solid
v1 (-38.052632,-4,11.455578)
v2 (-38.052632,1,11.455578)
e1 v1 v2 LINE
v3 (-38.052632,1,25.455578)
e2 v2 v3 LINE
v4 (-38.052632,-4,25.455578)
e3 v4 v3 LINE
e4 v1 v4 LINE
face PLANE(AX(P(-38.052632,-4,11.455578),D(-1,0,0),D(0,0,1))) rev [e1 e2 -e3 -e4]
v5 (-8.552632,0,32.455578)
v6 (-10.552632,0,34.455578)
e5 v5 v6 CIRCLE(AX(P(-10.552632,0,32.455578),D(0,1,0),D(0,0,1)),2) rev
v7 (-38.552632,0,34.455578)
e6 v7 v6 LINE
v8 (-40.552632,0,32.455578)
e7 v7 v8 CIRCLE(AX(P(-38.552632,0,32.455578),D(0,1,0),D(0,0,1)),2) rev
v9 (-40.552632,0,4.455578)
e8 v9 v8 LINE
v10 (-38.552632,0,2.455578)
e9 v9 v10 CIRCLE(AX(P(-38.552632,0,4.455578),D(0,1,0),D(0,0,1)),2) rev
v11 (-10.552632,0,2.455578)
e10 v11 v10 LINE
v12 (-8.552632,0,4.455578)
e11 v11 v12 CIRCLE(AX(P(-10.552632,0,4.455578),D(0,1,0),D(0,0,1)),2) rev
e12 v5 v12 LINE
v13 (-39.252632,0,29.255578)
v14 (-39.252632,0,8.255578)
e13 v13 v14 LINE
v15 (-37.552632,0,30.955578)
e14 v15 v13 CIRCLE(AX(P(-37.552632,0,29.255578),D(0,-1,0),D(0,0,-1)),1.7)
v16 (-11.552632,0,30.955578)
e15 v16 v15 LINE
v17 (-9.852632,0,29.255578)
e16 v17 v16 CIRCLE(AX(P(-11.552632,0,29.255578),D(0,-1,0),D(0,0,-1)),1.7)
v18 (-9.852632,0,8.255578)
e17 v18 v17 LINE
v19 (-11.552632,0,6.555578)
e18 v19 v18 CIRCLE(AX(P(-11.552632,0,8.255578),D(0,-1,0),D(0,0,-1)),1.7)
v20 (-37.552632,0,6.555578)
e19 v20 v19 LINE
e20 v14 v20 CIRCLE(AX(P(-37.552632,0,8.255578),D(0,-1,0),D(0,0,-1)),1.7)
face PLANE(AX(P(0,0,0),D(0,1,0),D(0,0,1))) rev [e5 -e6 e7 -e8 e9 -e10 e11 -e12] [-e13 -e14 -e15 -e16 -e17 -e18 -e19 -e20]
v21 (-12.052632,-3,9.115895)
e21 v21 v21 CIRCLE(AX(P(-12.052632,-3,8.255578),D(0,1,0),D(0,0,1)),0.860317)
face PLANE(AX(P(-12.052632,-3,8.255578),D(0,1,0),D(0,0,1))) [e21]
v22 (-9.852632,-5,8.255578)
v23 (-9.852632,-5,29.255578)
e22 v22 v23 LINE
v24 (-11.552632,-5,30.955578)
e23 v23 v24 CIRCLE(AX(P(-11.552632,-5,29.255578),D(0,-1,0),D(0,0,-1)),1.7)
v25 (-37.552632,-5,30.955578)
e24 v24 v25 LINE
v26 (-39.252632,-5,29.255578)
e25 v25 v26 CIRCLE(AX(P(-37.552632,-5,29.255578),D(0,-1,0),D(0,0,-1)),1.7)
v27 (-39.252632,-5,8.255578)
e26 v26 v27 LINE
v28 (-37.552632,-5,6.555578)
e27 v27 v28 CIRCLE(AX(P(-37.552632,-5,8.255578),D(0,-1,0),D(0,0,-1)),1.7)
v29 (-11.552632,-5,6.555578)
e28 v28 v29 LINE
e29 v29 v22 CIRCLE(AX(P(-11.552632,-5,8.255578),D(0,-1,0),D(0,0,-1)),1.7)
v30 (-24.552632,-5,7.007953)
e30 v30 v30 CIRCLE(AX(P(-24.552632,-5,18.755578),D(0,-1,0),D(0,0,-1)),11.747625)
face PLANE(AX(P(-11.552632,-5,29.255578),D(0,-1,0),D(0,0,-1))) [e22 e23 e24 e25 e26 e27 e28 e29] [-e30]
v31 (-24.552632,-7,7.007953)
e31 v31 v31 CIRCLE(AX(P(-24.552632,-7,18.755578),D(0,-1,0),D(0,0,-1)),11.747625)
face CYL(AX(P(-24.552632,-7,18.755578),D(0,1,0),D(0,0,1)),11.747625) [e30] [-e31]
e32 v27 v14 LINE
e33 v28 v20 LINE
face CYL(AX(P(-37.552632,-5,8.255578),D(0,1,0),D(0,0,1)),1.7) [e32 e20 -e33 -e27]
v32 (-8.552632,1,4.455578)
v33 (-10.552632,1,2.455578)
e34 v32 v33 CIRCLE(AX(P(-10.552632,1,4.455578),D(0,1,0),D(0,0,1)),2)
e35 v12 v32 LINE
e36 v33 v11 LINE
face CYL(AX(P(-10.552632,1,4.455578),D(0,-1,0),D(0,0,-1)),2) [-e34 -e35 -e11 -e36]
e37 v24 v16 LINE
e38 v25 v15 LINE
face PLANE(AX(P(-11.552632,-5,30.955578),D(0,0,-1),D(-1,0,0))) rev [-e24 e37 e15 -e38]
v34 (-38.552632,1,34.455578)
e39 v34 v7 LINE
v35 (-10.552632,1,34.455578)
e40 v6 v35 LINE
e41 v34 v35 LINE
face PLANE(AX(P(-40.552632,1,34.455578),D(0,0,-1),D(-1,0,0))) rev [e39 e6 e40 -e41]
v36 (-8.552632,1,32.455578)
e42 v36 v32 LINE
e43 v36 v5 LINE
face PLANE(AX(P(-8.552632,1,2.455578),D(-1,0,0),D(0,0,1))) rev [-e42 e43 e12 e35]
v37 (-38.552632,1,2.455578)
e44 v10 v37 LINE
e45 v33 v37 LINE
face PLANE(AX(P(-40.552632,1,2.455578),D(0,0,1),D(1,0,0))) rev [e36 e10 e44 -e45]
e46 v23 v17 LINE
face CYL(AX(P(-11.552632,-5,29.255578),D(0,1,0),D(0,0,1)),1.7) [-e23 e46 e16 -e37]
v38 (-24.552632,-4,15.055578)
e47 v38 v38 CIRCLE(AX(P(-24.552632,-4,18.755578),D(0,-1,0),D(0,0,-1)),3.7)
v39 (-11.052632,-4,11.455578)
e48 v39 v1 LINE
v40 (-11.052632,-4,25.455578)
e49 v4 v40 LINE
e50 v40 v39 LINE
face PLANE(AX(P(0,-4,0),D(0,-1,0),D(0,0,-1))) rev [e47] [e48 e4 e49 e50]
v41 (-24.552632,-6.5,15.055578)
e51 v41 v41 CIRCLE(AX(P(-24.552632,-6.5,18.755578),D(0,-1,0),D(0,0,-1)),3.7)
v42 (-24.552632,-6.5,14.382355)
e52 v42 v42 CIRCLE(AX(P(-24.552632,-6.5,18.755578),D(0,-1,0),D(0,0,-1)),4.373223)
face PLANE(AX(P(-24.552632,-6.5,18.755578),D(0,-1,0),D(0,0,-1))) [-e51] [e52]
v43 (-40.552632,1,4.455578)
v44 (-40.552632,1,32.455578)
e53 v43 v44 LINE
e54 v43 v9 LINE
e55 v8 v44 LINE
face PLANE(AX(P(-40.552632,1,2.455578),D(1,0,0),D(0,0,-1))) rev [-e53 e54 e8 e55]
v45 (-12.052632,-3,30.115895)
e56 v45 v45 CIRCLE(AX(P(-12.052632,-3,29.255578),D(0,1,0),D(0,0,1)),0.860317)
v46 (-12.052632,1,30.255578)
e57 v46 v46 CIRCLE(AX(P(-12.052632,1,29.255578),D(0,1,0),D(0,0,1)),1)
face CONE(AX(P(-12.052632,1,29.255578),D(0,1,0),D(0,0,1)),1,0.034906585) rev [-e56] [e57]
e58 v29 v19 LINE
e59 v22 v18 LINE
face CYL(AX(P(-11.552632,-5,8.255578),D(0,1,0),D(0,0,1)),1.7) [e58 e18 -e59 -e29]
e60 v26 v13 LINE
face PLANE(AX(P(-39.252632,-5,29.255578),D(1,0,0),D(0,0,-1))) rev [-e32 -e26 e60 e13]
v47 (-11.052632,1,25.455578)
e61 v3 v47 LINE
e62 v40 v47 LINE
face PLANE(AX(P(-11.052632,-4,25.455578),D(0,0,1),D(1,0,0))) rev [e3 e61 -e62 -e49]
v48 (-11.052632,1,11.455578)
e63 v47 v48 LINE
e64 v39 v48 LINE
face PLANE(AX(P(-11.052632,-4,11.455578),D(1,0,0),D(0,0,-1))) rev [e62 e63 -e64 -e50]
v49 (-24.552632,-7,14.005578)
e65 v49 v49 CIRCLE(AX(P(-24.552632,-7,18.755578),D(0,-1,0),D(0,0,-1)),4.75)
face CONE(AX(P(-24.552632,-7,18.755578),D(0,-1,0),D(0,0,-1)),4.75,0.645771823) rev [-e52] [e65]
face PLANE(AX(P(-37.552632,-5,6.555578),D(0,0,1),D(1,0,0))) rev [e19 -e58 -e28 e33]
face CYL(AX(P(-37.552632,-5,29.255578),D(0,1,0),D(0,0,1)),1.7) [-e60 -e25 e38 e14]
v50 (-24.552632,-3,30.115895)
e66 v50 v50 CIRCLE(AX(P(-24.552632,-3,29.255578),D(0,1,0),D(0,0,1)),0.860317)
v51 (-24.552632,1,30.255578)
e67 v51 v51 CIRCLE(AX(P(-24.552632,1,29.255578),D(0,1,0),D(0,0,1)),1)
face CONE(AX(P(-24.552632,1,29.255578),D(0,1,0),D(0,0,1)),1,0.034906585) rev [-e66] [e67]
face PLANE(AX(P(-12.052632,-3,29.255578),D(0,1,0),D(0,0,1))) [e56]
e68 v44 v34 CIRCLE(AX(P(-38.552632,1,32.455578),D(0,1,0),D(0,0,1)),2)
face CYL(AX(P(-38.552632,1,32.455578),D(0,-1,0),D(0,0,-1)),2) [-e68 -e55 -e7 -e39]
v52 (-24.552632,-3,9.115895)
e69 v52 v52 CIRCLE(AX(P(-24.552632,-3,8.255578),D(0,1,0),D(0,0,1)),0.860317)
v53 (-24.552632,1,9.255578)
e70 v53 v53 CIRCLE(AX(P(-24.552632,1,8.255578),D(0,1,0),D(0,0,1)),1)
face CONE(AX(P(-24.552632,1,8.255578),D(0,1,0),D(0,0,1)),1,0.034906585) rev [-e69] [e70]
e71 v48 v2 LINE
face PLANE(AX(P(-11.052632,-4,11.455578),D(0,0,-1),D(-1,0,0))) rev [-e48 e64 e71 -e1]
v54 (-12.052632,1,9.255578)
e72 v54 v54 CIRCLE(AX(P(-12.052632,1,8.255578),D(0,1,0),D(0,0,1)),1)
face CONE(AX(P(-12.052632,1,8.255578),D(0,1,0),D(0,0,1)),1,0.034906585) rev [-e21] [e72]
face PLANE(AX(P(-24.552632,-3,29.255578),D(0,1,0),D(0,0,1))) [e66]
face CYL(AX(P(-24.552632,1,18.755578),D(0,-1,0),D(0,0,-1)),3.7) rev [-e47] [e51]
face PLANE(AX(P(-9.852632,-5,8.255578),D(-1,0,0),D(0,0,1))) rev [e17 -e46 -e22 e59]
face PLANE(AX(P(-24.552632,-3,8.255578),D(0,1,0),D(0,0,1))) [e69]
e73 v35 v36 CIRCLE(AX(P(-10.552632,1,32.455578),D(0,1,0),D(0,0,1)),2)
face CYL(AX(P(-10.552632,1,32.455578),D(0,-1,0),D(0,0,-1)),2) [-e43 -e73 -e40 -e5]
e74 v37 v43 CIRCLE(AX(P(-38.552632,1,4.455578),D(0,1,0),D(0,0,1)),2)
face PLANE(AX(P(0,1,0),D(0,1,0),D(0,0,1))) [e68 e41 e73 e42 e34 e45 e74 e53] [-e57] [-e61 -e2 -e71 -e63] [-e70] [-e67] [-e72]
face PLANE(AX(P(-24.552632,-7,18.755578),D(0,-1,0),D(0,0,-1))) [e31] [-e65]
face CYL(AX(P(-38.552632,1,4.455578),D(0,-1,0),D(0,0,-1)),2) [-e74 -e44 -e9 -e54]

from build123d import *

# Parameters (mm, degrees)
SKETCH_1_W          = 32
SKETCH_1_H          = 32
EXTRUDE_1_DEPTH     = 1
EXTRUDE_2_DEPTH     = 5
SKETCH_2_W          = 27
SKETCH_2_H          = 14
CUT_EXTRUDE_1_DEPTH = 5
SKETCH_4_R          = 11.747624997
EXTRUDE_3_DEPTH     = 2
SKETCH_5_R          = 4.75
CUT_EXTRUDE_2_DEPTH = 0.5
CUT_EXTRUDE_2_TAPER = 37
SKETCH_6_R          = 3.7
CUT_EXTRUDE_3_DEPTH = 8.5
FILLET_1_R          = 2
SKETCH_7_R          = 1
CUT_EXTRUDE_4_DEPTH = 4
CUT_EXTRUDE_4_TAPER = 2


with BuildPart() as part:
    # 草图1 → 凸台-拉伸1 (new body)
    with BuildSketch(Plane(origin=(0, 0, 0), x_dir=(1, 0, 0), z_dir=(0, 1, 0))):
        with Locations((-24.552631543, -18.455578089)):
            Rectangle(SKETCH_1_W, SKETCH_1_H)
    extrude(amount=EXTRUDE_1_DEPTH)

    # 草图3 → 凸台-拉伸2 (add)
    with BuildSketch(Plane.XZ):
        with BuildLine():
            Line((-9.852631543, 8.255578089), (-9.852631543, 29.255578089))
            ThreePointArc((-9.852631543, 29.255578089), (-10.350550015, 30.457659617), (-11.552631543, 30.955578089))
            Line((-11.552631543, 30.955578089), (-37.552631543, 30.955578089))
            ThreePointArc((-37.552631543, 30.955578089), (-38.754713071, 30.457659617), (-39.252631543, 29.255578089))
            Line((-39.252631543, 29.255578089), (-39.252631543, 8.255578089))
            ThreePointArc((-39.252631543, 8.255578089), (-38.754713071, 7.053496561), (-37.552631543, 6.555578089))
            Line((-37.552631543, 6.555578089), (-11.552631543, 6.555578089))
            ThreePointArc((-11.552631543, 6.555578089), (-10.350550015, 7.053496561), (-9.852631543, 8.255578089))
        make_face()
    extrude(amount=EXTRUDE_2_DEPTH)

    # 草图2 → 切除-拉伸1 (cut)
    with BuildSketch(Plane(origin=(0, 1, 0), x_dir=(1, 0, 0), z_dir=(0, 1, 0))):
        with Locations((-24.552631543, -18.455578089)):
            Rectangle(SKETCH_2_W, SKETCH_2_H)
    extrude(amount=-CUT_EXTRUDE_1_DEPTH, mode=Mode.SUBTRACT)

    # 草图4 → 凸台-拉伸3 (add)
    with BuildSketch(Plane.XZ.offset(5)):
        with Locations((-24.552631543, 18.755578089)):
            Circle(SKETCH_4_R)
    extrude(amount=EXTRUDE_3_DEPTH)

    # 草图5 → 切除-拉伸2 (cut)
    with BuildSketch(Plane.XZ.offset(7)):
        with Locations((-24.552631543, 18.755578089)):
            Circle(SKETCH_5_R)
    extrude(amount=-CUT_EXTRUDE_2_DEPTH, taper=CUT_EXTRUDE_2_TAPER, mode=Mode.SUBTRACT)

    # 草图6 → 切除-拉伸3 (cut, through all)
    with BuildSketch(Plane.XZ.offset(6.5)):
        with Locations((-24.552631543, 18.755578089)):
            Circle(SKETCH_6_R)
    extrude(amount=-CUT_EXTRUDE_3_DEPTH, mode=Mode.SUBTRACT)

    # 圆角1
    fillet_1_edges = [part.edges().sort_by_distance(p)[0] for p in [
        (-40.552631543, 0.5, 2.455578089),
        (-8.552631543, 0.5, 2.455578089),
        (-8.552631543, 0.5, 34.455578089),
        (-40.552631543, 0.5, 34.455578089),
    ]]
    fillet(fillet_1_edges, radius=FILLET_1_R)

    # 草图7 → 切除-拉伸4 (cut)
    with BuildSketch(Plane(origin=(0, 1, 0), x_dir=(1, 0, 0), z_dir=(0, 1, 0))):
        with Locations((-24.552631543, -8.255578089)):
            Circle(SKETCH_7_R)
        with Locations((-12.052631543, -8.255578089)):
            Circle(SKETCH_7_R)
        with Locations((-24.552631543, -29.255578089)):
            Circle(SKETCH_7_R)
        with Locations((-12.052631543, -29.255578089)):
            Circle(SKETCH_7_R)
    extrude(amount=-CUT_EXTRUDE_4_DEPTH, taper=CUT_EXTRUDE_4_TAPER, mode=Mode.SUBTRACT)


solid = part.part
